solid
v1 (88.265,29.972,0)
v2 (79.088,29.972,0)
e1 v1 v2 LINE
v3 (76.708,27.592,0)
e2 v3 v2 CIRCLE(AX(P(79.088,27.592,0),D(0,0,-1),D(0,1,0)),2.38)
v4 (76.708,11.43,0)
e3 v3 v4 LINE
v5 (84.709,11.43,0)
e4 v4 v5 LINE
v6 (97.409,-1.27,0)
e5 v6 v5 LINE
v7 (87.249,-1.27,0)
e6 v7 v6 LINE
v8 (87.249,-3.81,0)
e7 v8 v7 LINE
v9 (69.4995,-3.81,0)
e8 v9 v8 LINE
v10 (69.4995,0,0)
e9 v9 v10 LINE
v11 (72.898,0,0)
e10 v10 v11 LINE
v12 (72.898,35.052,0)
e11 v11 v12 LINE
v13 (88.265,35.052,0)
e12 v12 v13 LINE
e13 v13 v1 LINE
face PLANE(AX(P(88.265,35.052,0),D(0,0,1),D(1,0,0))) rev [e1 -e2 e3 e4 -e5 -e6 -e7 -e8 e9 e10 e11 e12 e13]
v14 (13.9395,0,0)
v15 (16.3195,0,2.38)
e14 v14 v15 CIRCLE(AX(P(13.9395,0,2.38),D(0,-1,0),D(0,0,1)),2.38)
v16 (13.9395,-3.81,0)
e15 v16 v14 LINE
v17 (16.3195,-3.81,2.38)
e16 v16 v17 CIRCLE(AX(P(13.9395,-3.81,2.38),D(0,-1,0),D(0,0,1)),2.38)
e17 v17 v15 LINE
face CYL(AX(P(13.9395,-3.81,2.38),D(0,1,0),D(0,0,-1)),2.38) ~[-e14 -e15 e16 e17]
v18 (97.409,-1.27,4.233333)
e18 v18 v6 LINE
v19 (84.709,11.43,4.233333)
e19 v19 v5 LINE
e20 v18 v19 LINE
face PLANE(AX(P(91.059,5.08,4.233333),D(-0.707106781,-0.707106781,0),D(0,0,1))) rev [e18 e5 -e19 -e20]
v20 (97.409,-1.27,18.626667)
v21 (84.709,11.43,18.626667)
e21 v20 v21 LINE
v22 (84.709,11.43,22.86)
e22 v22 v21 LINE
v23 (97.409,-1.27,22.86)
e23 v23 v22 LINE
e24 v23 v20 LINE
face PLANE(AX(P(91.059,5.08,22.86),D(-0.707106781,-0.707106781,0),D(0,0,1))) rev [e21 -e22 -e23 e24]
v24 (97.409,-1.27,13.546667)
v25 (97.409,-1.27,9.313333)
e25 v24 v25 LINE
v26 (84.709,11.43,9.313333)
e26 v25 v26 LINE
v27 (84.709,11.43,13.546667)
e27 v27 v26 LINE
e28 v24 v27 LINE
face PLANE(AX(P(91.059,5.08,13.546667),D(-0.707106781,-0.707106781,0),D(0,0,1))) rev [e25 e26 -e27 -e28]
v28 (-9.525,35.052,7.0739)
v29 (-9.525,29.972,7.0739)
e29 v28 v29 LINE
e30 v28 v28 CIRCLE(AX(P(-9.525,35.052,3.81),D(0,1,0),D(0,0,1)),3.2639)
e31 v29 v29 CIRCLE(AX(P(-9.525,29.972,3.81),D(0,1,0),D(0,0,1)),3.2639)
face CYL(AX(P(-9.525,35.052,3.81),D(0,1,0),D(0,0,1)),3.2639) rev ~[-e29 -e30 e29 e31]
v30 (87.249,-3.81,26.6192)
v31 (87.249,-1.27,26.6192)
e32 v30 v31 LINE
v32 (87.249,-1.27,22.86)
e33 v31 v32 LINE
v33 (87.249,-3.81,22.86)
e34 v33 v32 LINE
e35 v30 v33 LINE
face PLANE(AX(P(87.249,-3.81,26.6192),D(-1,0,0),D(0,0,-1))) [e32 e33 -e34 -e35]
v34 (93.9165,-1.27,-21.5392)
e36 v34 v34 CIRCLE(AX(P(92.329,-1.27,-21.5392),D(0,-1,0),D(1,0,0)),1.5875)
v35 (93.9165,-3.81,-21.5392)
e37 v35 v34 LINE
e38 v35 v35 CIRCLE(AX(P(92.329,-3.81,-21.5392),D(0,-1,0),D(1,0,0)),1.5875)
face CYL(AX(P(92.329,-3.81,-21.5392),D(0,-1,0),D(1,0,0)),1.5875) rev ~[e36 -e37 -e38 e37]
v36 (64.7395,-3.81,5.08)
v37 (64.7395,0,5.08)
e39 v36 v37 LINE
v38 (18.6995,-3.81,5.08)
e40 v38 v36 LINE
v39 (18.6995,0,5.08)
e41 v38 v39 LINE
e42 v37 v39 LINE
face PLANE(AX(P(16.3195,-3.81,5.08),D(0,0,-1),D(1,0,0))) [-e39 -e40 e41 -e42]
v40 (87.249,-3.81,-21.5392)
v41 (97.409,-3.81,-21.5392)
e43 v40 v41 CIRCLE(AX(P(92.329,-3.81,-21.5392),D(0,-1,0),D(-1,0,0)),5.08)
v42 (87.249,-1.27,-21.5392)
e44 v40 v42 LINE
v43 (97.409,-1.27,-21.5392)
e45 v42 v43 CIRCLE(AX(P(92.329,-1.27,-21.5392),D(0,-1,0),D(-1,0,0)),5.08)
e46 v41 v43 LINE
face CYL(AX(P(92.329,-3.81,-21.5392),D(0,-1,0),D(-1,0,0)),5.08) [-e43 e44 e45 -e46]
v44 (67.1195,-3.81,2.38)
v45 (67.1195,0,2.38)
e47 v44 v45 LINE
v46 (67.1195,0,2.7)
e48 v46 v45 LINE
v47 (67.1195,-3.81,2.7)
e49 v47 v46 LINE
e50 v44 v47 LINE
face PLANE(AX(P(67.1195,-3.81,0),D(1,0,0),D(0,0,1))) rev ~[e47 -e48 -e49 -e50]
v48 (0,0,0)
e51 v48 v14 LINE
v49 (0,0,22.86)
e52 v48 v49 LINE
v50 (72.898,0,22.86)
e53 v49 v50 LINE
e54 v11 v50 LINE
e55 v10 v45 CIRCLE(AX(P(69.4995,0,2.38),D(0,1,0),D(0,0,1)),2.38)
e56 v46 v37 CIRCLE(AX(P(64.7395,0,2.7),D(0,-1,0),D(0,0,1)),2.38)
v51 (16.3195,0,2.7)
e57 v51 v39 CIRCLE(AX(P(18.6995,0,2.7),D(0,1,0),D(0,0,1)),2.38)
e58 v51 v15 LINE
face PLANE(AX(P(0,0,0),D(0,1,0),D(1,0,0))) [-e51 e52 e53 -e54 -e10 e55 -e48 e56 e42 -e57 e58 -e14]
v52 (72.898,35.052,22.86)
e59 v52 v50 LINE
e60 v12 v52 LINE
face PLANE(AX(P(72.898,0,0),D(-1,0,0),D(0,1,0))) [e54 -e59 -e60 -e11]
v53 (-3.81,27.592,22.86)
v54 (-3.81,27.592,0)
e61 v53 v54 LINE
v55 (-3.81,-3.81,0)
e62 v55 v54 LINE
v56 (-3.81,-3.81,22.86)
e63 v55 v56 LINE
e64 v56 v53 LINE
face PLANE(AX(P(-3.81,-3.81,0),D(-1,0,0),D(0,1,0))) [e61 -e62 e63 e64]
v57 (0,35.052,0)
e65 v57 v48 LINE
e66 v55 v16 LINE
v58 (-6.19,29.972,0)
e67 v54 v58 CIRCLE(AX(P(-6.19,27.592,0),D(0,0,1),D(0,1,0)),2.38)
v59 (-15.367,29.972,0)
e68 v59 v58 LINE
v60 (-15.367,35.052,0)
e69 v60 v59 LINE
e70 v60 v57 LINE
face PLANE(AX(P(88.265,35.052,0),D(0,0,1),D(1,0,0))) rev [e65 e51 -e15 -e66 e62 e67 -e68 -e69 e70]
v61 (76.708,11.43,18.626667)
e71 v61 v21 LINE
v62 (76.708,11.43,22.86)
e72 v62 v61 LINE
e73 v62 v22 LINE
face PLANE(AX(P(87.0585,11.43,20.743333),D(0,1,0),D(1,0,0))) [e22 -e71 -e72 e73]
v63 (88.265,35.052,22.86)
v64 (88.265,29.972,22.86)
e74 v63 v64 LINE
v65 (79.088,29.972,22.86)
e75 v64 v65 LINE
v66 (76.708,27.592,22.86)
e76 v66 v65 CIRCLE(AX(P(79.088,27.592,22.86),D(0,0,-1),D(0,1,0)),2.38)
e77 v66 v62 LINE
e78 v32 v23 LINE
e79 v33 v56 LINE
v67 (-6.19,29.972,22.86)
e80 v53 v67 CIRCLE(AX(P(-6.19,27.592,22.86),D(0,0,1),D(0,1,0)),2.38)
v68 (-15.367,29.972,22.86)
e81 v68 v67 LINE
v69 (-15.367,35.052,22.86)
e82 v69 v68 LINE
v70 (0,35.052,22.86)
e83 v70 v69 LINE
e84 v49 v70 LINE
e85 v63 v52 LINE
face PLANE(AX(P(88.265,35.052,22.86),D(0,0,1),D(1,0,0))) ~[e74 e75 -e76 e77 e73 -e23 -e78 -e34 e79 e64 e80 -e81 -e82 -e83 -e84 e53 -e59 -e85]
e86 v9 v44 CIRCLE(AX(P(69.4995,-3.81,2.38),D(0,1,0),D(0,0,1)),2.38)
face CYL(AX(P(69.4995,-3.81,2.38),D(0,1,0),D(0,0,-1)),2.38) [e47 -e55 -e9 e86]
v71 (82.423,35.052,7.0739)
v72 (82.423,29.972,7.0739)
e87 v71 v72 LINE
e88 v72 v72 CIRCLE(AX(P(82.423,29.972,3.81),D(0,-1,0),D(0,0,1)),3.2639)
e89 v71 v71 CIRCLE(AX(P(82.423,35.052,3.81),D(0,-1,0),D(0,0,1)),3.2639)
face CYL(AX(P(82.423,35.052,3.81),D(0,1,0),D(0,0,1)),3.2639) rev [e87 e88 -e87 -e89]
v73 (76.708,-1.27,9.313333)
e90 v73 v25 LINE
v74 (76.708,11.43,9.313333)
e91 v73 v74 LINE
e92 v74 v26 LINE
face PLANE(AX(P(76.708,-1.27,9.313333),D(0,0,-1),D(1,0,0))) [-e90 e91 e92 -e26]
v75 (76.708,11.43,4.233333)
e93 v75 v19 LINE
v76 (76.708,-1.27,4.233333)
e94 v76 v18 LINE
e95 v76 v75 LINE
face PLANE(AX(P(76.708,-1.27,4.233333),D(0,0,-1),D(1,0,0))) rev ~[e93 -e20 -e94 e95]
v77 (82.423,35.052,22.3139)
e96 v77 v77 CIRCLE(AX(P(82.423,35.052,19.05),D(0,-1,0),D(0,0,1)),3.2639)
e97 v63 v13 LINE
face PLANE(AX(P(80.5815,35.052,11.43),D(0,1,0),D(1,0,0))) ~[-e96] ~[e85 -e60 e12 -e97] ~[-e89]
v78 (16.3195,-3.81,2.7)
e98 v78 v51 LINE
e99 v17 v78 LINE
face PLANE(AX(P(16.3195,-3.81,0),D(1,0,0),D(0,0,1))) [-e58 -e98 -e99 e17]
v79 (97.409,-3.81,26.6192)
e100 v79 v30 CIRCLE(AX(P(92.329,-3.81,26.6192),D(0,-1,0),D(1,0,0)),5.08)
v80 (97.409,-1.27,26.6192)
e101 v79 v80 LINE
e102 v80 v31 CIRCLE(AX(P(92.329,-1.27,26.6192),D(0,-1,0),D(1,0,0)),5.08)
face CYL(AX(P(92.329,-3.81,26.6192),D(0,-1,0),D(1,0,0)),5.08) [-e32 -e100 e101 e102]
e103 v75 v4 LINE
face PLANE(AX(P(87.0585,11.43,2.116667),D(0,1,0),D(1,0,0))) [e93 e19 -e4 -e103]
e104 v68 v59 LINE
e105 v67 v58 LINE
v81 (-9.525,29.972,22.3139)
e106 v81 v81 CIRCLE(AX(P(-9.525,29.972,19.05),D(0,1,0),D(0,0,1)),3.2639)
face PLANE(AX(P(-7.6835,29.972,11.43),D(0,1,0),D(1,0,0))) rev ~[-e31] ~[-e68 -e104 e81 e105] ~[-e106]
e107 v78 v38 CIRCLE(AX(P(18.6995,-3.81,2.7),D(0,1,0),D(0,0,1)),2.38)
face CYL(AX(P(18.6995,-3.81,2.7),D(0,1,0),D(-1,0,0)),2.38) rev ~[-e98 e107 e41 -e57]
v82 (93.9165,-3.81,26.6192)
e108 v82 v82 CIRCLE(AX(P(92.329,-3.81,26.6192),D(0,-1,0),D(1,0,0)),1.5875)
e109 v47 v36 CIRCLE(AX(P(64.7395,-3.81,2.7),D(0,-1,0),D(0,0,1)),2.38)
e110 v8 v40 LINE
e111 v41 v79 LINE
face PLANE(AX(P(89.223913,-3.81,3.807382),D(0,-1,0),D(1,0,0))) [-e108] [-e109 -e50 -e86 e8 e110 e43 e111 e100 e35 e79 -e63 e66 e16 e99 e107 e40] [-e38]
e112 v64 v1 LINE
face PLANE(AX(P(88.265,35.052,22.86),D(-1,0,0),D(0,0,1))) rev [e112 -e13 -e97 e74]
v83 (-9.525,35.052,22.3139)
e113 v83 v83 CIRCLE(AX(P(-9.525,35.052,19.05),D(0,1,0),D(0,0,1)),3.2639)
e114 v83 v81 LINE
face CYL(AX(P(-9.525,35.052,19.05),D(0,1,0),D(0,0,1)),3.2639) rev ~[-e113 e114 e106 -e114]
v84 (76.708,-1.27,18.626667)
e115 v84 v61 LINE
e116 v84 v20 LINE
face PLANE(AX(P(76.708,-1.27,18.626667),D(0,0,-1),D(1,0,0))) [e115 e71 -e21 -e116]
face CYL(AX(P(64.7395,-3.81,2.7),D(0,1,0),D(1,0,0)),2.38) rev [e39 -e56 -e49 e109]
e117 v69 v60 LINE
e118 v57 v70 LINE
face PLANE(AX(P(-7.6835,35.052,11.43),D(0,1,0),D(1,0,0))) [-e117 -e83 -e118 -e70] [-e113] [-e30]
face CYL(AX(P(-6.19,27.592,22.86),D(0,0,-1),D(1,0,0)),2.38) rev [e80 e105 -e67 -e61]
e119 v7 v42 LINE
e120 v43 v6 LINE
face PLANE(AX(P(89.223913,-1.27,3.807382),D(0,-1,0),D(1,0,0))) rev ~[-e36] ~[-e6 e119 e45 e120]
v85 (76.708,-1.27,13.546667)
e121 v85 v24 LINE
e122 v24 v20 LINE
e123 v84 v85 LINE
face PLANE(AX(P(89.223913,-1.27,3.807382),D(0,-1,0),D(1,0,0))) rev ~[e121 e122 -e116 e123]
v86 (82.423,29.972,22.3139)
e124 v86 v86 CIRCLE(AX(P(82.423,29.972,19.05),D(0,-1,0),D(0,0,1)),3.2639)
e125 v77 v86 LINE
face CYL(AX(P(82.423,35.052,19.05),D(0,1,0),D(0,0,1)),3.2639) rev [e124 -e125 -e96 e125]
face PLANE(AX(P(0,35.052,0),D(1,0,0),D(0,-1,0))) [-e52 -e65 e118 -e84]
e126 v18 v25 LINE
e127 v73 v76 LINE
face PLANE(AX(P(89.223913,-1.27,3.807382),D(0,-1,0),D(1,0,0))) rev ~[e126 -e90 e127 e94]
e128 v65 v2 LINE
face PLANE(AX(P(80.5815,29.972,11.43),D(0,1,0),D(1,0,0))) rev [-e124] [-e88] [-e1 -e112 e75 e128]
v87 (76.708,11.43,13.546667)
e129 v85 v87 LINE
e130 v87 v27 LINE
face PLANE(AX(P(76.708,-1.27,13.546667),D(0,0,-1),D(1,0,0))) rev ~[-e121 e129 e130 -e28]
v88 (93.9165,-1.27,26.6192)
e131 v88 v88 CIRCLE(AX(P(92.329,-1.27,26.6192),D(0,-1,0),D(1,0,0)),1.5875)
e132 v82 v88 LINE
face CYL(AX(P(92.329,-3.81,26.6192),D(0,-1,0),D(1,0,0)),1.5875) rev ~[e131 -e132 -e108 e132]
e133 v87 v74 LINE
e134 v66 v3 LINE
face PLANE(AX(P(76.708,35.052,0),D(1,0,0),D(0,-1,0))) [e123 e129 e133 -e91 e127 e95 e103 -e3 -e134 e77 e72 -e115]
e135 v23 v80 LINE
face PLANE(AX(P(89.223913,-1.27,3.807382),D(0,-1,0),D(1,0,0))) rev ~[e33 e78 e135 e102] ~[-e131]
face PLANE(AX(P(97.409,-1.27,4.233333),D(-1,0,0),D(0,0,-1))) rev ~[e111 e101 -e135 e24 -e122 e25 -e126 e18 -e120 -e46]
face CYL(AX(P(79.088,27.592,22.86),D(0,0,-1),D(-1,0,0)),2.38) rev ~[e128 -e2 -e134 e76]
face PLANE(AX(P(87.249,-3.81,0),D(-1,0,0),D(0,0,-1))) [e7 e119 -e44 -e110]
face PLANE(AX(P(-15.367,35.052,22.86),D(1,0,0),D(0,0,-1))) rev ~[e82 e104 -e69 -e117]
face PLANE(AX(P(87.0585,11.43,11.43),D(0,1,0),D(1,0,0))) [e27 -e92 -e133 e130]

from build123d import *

# Parameters (mm, degrees)
BOSS_EXTRUDE1_DEPTH = 22.86
SKETCH2_R           = 1.5875
BOSS_EXTRUDE2_DEPTH = 2.54
SKETCH4_W           = 15.367
SKETCH4_H           = 22.86
SKETCH4_R           = 3.2639
BOSS_EXTRUDE3_DEPTH = 5.08
SKETCH5_W           = 20.701
SKETCH5_H           = 4.233333333
SKETCH5_H_2         = 4.233333334
BOSS_EXTRUDE4_DEPTH = 12.7
CHAMFER1_SIZE       = 12.7
FILLET1_R           = 2.38
SKETCH6_W           = 50.8
SKETCH6_H           = 5.08
CUT_EXTRUDE1_DEPTH  = 110.560976655
FILLET2_R           = 2.38


with BuildPart() as part:
    # Sketch1 → Boss-Extrude1 (new body)
    with BuildSketch(Plane.XY):
        Polygon((-3.81, 35.052), (0, 35.052), (0, 0), (72.898, 0), (72.898, 35.052), (76.708, 35.052), (76.708, -3.81), (-3.81, -3.81), align=None)
    extrude(amount=BOSS_EXTRUDE1_DEPTH)

    # Sketch2 → Boss-Extrude2 (add)
    with BuildSketch(Plane.XZ.offset(3.81)):
        with BuildLine():
            ThreePointArc((97.409, 26.6192), (92.329, 31.6992), (87.249, 26.6192))
            Line((87.249, 26.6192), (87.249, 22.86))
            Line((87.249, 22.86), (76.708, 22.86))
            Line((76.708, 22.86), (76.708, 0))
            Line((76.708, 0), (87.249, 0))
            Line((87.249, 0), (87.249, -21.5392))
            ThreePointArc((87.249, -21.5392), (92.329, -26.6192), (97.409, -21.5392))
            Line((97.409, -21.5392), (97.409, 26.6192))
        make_face()
        with Locations((92.329, -21.5392)):
            Circle(SKETCH2_R, mode=Mode.SUBTRACT)
        with Locations((92.329, 26.6192)):
            Circle(SKETCH2_R, mode=Mode.SUBTRACT)
    extrude(amount=-BOSS_EXTRUDE2_DEPTH)

    # Sketch4 → Boss-Extrude3 (add)
    with BuildSketch(Plane(origin=(0, 35.052, 0), x_dir=(1, 0, 0), z_dir=(0, 1, 0))):
        with Locations((-7.6835, -11.43)):
            Rectangle(SKETCH4_W, SKETCH4_H)
        with Locations(Location((-9.525, -3.81, 0), (0, 0, 270))):
            Circle(SKETCH4_R, mode=Mode.SUBTRACT)
        with Locations(Location((-9.525, -19.05, 0), (0, 0, 270))):
            Circle(SKETCH4_R, mode=Mode.SUBTRACT)
    boss_extrude3 = extrude(amount=-BOSS_EXTRUDE3_DEPTH)

    # Mirror1: Boss-Extrude3 across plane
    add(boss_extrude3.mirror(Plane(origin=(36.449, 0, 0), x_dir=(0, 0, 1), z_dir=(1, 0, 0))))

    # Sketch5 → Boss-Extrude4 (add)
    with BuildSketch(Plane(origin=(0, -1.27, 0), x_dir=(1, 0, 0), z_dir=(0, 1, 0))):
        with Locations((87.0585, -2.116666667)):
            Rectangle(SKETCH5_W, SKETCH5_H)
        with Locations((87.0585, -20.743333334)):
            Rectangle(SKETCH5_W, SKETCH5_H)
        with Locations((87.0585, -11.43)):
            Rectangle(SKETCH5_W, SKETCH5_H_2)
    extrude(amount=BOSS_EXTRUDE4_DEPTH)

    # Chamfer1
    chamfer1_edges = [part.edges().sort_by_distance(p)[0] for p in [
        (97.409, 11.43, 20.743333333),
        (97.409, 11.43, 11.43),
        (97.409, 11.43, 2.116666667),
    ]]
    chamfer(chamfer1_edges, length=CHAMFER1_SIZE)

    # Fillet1
    fillet1_edges = [part.edges().sort_by_distance(p)[0] for p in [
        (-3.81, 29.972, 11.43),
        (76.708, 29.972, 11.43),
    ]]
    fillet(fillet1_edges, radius=FILLET1_R)

    # Sketch6 → Cut-Extrude1 (cut, through all)
    with BuildSketch(Plane.XZ.offset(3.81)):
        with Locations((41.7195, 2.54)):
            Rectangle(SKETCH6_W, SKETCH6_H)
    extrude(amount=-CUT_EXTRUDE1_DEPTH, mode=Mode.SUBTRACT)

    # Fillet2
    fillet2_edges = [part.edges().sort_by_distance(p)[0] for p in [
        (16.3195, -1.905, 0),
        (67.1195, -1.905, 0),
        (16.3195, -1.905, 5.08),
        (67.1195, -1.905, 5.08),
    ]]
    fillet(fillet2_edges, radius=FILLET2_R)


solid = part.part
